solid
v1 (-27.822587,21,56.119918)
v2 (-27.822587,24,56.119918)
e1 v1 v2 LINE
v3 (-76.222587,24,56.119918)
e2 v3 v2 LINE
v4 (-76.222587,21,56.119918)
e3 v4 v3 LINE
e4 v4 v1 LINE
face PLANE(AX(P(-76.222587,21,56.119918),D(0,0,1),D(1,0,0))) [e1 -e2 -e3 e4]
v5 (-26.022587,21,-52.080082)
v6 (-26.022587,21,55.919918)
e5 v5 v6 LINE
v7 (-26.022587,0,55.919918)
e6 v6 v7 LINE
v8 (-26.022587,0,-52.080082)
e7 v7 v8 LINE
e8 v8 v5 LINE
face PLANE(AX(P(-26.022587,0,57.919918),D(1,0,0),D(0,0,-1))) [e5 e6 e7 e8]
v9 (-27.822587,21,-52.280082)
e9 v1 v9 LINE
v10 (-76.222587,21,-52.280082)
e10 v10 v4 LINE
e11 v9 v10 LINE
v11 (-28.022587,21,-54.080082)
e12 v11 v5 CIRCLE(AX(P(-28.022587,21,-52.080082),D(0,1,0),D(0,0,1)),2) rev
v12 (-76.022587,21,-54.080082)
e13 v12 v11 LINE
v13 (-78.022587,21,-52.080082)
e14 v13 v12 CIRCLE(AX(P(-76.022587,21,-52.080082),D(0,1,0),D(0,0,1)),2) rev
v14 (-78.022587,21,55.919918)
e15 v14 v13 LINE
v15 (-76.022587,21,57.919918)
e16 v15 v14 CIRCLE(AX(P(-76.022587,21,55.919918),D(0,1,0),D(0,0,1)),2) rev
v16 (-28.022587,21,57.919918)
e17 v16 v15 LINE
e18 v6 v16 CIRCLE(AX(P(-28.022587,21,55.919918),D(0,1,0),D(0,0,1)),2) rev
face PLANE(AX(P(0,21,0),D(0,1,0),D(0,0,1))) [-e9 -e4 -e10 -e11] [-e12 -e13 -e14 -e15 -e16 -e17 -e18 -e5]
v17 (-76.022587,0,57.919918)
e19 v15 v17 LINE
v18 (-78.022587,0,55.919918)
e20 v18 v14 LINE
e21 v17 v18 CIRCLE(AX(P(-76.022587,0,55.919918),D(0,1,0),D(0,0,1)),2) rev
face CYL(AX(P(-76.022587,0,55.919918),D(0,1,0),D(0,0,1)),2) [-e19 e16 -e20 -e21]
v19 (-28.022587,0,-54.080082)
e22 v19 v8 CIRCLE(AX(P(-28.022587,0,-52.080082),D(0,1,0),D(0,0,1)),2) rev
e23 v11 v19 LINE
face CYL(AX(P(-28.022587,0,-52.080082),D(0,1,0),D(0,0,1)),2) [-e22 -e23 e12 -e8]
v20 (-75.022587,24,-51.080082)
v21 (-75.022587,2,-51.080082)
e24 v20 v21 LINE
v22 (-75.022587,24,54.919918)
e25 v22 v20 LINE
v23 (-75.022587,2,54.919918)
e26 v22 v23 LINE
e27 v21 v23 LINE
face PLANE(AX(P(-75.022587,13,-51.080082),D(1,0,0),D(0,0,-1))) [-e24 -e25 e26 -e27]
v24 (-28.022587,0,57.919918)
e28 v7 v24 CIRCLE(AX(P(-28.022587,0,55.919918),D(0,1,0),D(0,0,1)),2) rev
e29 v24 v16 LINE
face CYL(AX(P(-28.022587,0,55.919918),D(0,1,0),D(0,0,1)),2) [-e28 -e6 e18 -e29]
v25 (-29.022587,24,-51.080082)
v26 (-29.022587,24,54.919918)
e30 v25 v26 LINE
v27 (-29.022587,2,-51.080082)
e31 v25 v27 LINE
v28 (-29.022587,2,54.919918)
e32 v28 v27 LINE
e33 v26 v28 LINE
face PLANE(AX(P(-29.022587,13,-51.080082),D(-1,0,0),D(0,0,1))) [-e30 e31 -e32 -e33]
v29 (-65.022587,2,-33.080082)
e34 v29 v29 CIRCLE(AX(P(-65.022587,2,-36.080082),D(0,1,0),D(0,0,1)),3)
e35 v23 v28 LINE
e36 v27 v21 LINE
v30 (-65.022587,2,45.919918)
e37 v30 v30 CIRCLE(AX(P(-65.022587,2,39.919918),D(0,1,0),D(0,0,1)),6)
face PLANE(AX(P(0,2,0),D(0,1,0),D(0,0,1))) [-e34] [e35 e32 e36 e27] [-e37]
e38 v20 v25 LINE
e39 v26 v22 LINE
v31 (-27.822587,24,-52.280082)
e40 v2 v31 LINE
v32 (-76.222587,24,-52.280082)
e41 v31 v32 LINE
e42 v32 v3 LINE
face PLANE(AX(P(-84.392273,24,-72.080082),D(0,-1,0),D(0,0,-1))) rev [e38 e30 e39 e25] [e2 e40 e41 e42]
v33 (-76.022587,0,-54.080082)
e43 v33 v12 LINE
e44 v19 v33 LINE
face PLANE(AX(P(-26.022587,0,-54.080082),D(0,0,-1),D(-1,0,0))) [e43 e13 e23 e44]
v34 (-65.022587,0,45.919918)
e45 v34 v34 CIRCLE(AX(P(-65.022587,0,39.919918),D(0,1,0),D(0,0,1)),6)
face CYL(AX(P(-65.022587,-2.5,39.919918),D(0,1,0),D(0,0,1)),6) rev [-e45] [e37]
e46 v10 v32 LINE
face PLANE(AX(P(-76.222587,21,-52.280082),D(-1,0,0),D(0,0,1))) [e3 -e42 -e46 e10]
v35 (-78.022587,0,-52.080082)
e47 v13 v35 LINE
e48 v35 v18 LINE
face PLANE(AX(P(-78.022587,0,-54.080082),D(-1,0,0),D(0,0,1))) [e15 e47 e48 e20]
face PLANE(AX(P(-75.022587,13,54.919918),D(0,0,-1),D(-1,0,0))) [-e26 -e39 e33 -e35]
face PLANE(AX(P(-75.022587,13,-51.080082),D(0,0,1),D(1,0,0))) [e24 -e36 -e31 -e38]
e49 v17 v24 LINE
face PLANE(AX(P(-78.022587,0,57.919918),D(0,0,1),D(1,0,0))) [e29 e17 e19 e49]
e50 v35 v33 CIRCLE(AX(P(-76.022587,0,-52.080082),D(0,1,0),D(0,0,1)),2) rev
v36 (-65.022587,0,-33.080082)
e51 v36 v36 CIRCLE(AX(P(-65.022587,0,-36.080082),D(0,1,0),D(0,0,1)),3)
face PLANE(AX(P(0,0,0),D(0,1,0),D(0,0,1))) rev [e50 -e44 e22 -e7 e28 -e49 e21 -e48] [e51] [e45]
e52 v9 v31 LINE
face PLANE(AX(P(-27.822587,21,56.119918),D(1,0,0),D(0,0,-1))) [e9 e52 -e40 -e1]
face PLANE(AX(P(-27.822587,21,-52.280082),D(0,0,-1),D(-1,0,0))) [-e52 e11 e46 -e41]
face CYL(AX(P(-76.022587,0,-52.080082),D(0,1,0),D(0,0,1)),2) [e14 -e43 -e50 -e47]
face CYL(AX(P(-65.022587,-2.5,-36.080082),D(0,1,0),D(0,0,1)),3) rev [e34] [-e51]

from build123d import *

# Parameters (mm, degrees)
SKETCH1_W               = 50
SKETCH1_H               = 110
BOSS_EXTRUDE1_DEPTH     = 2
SKETCH2_W               = 50
SKETCH2_H               = 110
SKETCH2_W_2             = 46
SKETCH2_H_2             = 106
BOSS_EXTRUDE3_DEPTH     = 11
SKETCH3_R               = 1.2
BOSS_EXTRUDE4_DEPTH     = 11
SKETCH4_W               = 52
SKETCH4_H               = 112
SKETCH4_W_2             = 50
SKETCH4_H_2             = 110
EXTRUDE_THIN1_DEPTH     = 13
FILLET2_R               = 2
EXTRUDE_THIN3_DEPTH     = 3
SKETCH6_R               = 1.8
BOSS_EXTRUDE5_DEPTH     = 2.8
SKETCH8_W               = 8
SKETCH8_H               = 3.6
CUT_EXTRUDE2_DEPTH      = 12.8
SKETCH11_W              = 13.1
SKETCH11_H              = 5.8
CUT_EXTRUDE5_DEPTH      = 3
SKETCH12_W              = 70
SKETCH12_H              = 9.973266712
CUT_EXTRUDE6_DEPTH      = 130
SKETCH13_W              = 46
SKETCH13_H              = 106
CUT_EXTRUDE7_DEPTH      = 130
SKETCH15_W              = 46
SKETCH15_H              = 106
BOSS_EXTRUDE6_DEPTH     = 60
SKETCH16_W              = 71.739839436
SKETCH16_H              = 55.166081701
CUT_EXTRUDE8_DEPTH      = 130
SKETCH17_W              = 110.8
SKETCH17_H              = 170.8
SKETCH17_W_2            = 48.4
SKETCH17_H_2            = 108.4
CUT_EXTRUDE_THIN1_DEPTH = 3
SKETCH18_W              = 3
SKETCH18_H              = 13.1
BOSS_EXTRUDE7_DEPTH     = 7
SKETCH19_W              = 3
SKETCH19_H              = 8
BOSS_EXTRUDE8_DEPTH     = 4.5
SKETCH20_R              = 6
SKETCH20_R_2            = 3
CUT_EXTRUDE9_DEPTH      = 4.5


with BuildPart() as part:
    # Sketch1 → Boss-Extrude1 (new body)
    with BuildSketch(Plane(origin=(0, 0, 0), x_dir=(1, 0, 0), z_dir=(0, 1, 0))):
        with Locations((-52.022587269, -1.919917864)):
            Rectangle(SKETCH1_W, SKETCH1_H)
    extrude(amount=BOSS_EXTRUDE1_DEPTH)

    # Sketch2 → Boss-Extrude3 (add)
    with BuildSketch(Plane(origin=(0, 2, 0), x_dir=(1, 0, 0), z_dir=(0, 1, 0))):
        with Locations((-52.022587269, -1.919917864)):
            Rectangle(SKETCH2_W, SKETCH2_H)
        with Locations((-52.022587269, -1.919917864)):
            Rectangle(SKETCH2_W_2, SKETCH2_H_2, mode=Mode.SUBTRACT)
    extrude(amount=BOSS_EXTRUDE3_DEPTH)

    # Sketch3 → Boss-Extrude4 (add)
    with BuildSketch(Plane(origin=(0, 2, 0), x_dir=(1, 0, 0), z_dir=(0, 1, 0))):
        with Locations((-31.022587269, 42.380082136)):
            Circle(SKETCH3_R)
        with Locations((-31.022587269, -52.919917864)):
            Circle(SKETCH3_R)
        with Locations((-56.322587269, 42.380082136)):
            Circle(SKETCH3_R)
        with Locations((-56.322587269, -52.919917864)):
            Circle(SKETCH3_R)
    extrude(amount=BOSS_EXTRUDE4_DEPTH)

    # Sketch4 → Extrude-Thin1 (add)
    with BuildSketch(Plane(origin=(0, 13, 0), x_dir=(1, 0, 0), z_dir=(0, 1, 0))):
        with Locations((-52.022587269, -1.919917864)):
            Rectangle(SKETCH4_W, SKETCH4_H)
        with Locations((-52.022587269, -1.919917864)):
            Rectangle(SKETCH4_W_2, SKETCH4_H_2, mode=Mode.SUBTRACT)
    extrude(amount=-EXTRUDE_THIN1_DEPTH)

    # Fillet2
    fillet2_edges = [part.edges().sort_by_distance(p)[0] for p in [
        (-26.022587269, 6.5, -54.080082136),
        (-26.022587269, 6.5, 57.919917864),
        (-78.022587269, 6.5, 57.919917864),
        (-78.022587269, 6.5, -54.080082136),
    ]]
    fillet(fillet2_edges, radius=FILLET2_R)

    # Sketch5 → Extrude-Thin3 (add)
    with BuildSketch(Plane(origin=(0, 13, 0), x_dir=(1, 0, 0), z_dir=(0, 1, 0))):
        with BuildLine():
            Line((-28.022587269, 54.080082136), (-76.022587269, 54.080082136))
            ThreePointArc((-76.022587269, 54.080082136), (-77.436800831, 53.494295698), (-78.022587269, 52.080082136))
            Line((-78.022587269, 52.080082136), (-78.022587269, -55.919917864))
            ThreePointArc((-78.022587269, -55.919917864), (-77.436800831, -57.334131427), (-76.022587269, -57.919917864))
            Line((-76.022587269, -57.919917864), (-28.022587269, -57.919917864))
            ThreePointArc((-28.022587269, -57.919917864), (-26.608373707, -57.334131427), (-26.022587269, -55.919917864))
            Line((-26.022587269, -55.919917864), (-26.022587269, 52.080082136))
            ThreePointArc((-26.022587269, 52.080082136), (-26.608373707, 53.494295698), (-28.022587269, 54.080082136))
        make_face()
        with BuildLine():
            Line((-28.022587269, 52.880082136), (-76.022587269, 52.880082136))
            ThreePointArc((-76.022587269, 52.880082136), (-76.588272694, 52.64576756), (-76.822587269, 52.080082136))
            Line((-76.822587269, 52.080082136), (-76.822587269, -55.919917864))
            ThreePointArc((-76.822587269, -55.919917864), (-76.588272694, -56.485603289), (-76.022587269, -56.719917864))
            Line((-76.022587269, -56.719917864), (-28.022587269, -56.719917864))
            ThreePointArc((-28.022587269, -56.719917864), (-27.456901844, -56.485603289), (-27.222587269, -55.919917864))
            Line((-27.222587269, -55.919917864), (-27.222587269, 52.080082136))
            ThreePointArc((-27.222587269, 52.080082136), (-27.456901844, 52.64576756), (-28.022587269, 52.880082136))
        make_face(mode=Mode.SUBTRACT)
    extrude(amount=EXTRUDE_THIN3_DEPTH)

    # Sketch6 → Boss-Extrude5 (add)
    with BuildSketch(Plane(origin=(0, 2, 0), x_dir=(1, 0, 0), z_dir=(0, 1, 0))):
        with Locations((-56.322587269, -52.919917864)):
            Circle(SKETCH6_R)
        with Locations((-31.022587269, -52.919917864)):
            Circle(SKETCH6_R)
        with Locations((-56.322587269, 42.380082136)):
            Circle(SKETCH6_R)
        with Locations((-31.022587269, 42.380082136)):
            Circle(SKETCH6_R)
    extrude(amount=BOSS_EXTRUDE5_DEPTH)

    # Sketch8 → Cut-Extrude2 (cut)
    with BuildSketch(Plane(origin=(-26.022587269, 0, 0), x_dir=(0, 0, -1), z_dir=(1, 0, 0))):
        with Locations((-44.619917864, 3.8)):
            Rectangle(SKETCH8_W, SKETCH8_H)
    extrude(amount=-CUT_EXTRUDE2_DEPTH, mode=Mode.SUBTRACT)

    # Sketch11 → Cut-Extrude5 (cut)
    with BuildSketch(Plane.ZY.offset(78.022587269)):
        with Locations((-43.530082136, 4.9)):
            Rectangle(SKETCH11_W, SKETCH11_H)
    extrude(amount=-CUT_EXTRUDE5_DEPTH, mode=Mode.SUBTRACT)

    # Sketch12 → Cut-Extrude6 (cut)
    with BuildSketch(Plane.XY.offset(57.919917864)):
        with Locations((-53.022587269, 15.377484965)):
            Rectangle(SKETCH12_W, SKETCH12_H)
    extrude(amount=-CUT_EXTRUDE6_DEPTH, mode=Mode.SUBTRACT)

    # Sketch13 → Cut-Extrude7 (cut)
    with BuildSketch(Plane(origin=(0, 2, 0), x_dir=(1, 0, 0), z_dir=(0, 1, 0))):
        with Locations((-52.022587269, -1.919917864)):
            Rectangle(SKETCH13_W, SKETCH13_H)
    extrude(amount=CUT_EXTRUDE7_DEPTH, mode=Mode.SUBTRACT)

    # Sketch15 → Boss-Extrude6 (add)
    with BuildSketch(Plane(origin=(0, 10.390851609, 0), x_dir=(1, 0, 0), z_dir=(0, 1, 0))):
        with BuildLine():
            Line((-76.022587269, -57.919917864), (-28.022587269, -57.919917864))
            ThreePointArc((-28.022587269, -57.919917864), (-26.608373707, -57.334131427), (-26.022587269, -55.919917864))
            Line((-26.022587269, -55.919917864), (-26.022587269, 52.080082136))
            ThreePointArc((-26.022587269, 52.080082136), (-26.608373707, 53.494295698), (-28.022587269, 54.080082136))
            Line((-28.022587269, 54.080082136), (-76.022587269, 54.080082136))
            ThreePointArc((-76.022587269, 54.080082136), (-77.436800831, 53.494295698), (-78.022587269, 52.080082136))
            Line((-78.022587269, 52.080082136), (-78.022587269, -55.919917864))
            ThreePointArc((-78.022587269, -55.919917864), (-77.436800831, -57.334131427), (-76.022587269, -57.919917864))
        make_face()
        with Locations((-52.022587269, -1.919917864)):
            Rectangle(SKETCH15_W, SKETCH15_H, mode=Mode.SUBTRACT)
    extrude(amount=BOSS_EXTRUDE6_DEPTH)

    # Sketch16 → Cut-Extrude8 (cut)
    with BuildSketch(Plane.XY.offset(57.919917864)):
        with Locations((-48.522353235, 51.583040851)):
            Rectangle(SKETCH16_W, SKETCH16_H)
    extrude(amount=-CUT_EXTRUDE8_DEPTH, mode=Mode.SUBTRACT)

    # Sketch17 → Cut-Extrude-Thin1 (cut)
    with BuildSketch(Plane(origin=(0, 24, 0), x_dir=(1, 0, 0), z_dir=(0, 1, 0))):
        with Locations((-52.022587269, -1.919917864)):
            Rectangle(SKETCH17_W, SKETCH17_H)
        with Locations((-52.022587269, -1.919917864)):
            Rectangle(SKETCH17_W_2, SKETCH17_H_2, mode=Mode.SUBTRACT)
    extrude(amount=-CUT_EXTRUDE_THIN1_DEPTH, mode=Mode.SUBTRACT)

    # Sketch18 → Boss-Extrude7 (add)
    with BuildSketch(Plane.XZ.offset(-7.8)):
        with Locations((-76.522587269, -43.530082136)):
            Rectangle(SKETCH18_W, SKETCH18_H)
    extrude(amount=BOSS_EXTRUDE7_DEPTH)

    # Sketch19 → Boss-Extrude8 (add)
    with BuildSketch(Plane.XZ.offset(-5.6)):
        with Locations((-27.522587269, 44.619917864)):
            Rectangle(SKETCH19_W, SKETCH19_H)
    extrude(amount=BOSS_EXTRUDE8_DEPTH)

    # Sketch20 → Cut-Extrude9 (cut)
    with BuildSketch(Plane(origin=(0, 2, 0), x_dir=(1, 0, 0), z_dir=(0, 1, 0))):
        with Locations((-65.022587269, -39.919917864)):
            Circle(SKETCH20_R)
        with Locations((-65.022587269, 36.080082136)):
            Circle(SKETCH20_R_2)
    extrude(amount=-CUT_EXTRUDE9_DEPTH, mode=Mode.SUBTRACT)


solid = part.part
